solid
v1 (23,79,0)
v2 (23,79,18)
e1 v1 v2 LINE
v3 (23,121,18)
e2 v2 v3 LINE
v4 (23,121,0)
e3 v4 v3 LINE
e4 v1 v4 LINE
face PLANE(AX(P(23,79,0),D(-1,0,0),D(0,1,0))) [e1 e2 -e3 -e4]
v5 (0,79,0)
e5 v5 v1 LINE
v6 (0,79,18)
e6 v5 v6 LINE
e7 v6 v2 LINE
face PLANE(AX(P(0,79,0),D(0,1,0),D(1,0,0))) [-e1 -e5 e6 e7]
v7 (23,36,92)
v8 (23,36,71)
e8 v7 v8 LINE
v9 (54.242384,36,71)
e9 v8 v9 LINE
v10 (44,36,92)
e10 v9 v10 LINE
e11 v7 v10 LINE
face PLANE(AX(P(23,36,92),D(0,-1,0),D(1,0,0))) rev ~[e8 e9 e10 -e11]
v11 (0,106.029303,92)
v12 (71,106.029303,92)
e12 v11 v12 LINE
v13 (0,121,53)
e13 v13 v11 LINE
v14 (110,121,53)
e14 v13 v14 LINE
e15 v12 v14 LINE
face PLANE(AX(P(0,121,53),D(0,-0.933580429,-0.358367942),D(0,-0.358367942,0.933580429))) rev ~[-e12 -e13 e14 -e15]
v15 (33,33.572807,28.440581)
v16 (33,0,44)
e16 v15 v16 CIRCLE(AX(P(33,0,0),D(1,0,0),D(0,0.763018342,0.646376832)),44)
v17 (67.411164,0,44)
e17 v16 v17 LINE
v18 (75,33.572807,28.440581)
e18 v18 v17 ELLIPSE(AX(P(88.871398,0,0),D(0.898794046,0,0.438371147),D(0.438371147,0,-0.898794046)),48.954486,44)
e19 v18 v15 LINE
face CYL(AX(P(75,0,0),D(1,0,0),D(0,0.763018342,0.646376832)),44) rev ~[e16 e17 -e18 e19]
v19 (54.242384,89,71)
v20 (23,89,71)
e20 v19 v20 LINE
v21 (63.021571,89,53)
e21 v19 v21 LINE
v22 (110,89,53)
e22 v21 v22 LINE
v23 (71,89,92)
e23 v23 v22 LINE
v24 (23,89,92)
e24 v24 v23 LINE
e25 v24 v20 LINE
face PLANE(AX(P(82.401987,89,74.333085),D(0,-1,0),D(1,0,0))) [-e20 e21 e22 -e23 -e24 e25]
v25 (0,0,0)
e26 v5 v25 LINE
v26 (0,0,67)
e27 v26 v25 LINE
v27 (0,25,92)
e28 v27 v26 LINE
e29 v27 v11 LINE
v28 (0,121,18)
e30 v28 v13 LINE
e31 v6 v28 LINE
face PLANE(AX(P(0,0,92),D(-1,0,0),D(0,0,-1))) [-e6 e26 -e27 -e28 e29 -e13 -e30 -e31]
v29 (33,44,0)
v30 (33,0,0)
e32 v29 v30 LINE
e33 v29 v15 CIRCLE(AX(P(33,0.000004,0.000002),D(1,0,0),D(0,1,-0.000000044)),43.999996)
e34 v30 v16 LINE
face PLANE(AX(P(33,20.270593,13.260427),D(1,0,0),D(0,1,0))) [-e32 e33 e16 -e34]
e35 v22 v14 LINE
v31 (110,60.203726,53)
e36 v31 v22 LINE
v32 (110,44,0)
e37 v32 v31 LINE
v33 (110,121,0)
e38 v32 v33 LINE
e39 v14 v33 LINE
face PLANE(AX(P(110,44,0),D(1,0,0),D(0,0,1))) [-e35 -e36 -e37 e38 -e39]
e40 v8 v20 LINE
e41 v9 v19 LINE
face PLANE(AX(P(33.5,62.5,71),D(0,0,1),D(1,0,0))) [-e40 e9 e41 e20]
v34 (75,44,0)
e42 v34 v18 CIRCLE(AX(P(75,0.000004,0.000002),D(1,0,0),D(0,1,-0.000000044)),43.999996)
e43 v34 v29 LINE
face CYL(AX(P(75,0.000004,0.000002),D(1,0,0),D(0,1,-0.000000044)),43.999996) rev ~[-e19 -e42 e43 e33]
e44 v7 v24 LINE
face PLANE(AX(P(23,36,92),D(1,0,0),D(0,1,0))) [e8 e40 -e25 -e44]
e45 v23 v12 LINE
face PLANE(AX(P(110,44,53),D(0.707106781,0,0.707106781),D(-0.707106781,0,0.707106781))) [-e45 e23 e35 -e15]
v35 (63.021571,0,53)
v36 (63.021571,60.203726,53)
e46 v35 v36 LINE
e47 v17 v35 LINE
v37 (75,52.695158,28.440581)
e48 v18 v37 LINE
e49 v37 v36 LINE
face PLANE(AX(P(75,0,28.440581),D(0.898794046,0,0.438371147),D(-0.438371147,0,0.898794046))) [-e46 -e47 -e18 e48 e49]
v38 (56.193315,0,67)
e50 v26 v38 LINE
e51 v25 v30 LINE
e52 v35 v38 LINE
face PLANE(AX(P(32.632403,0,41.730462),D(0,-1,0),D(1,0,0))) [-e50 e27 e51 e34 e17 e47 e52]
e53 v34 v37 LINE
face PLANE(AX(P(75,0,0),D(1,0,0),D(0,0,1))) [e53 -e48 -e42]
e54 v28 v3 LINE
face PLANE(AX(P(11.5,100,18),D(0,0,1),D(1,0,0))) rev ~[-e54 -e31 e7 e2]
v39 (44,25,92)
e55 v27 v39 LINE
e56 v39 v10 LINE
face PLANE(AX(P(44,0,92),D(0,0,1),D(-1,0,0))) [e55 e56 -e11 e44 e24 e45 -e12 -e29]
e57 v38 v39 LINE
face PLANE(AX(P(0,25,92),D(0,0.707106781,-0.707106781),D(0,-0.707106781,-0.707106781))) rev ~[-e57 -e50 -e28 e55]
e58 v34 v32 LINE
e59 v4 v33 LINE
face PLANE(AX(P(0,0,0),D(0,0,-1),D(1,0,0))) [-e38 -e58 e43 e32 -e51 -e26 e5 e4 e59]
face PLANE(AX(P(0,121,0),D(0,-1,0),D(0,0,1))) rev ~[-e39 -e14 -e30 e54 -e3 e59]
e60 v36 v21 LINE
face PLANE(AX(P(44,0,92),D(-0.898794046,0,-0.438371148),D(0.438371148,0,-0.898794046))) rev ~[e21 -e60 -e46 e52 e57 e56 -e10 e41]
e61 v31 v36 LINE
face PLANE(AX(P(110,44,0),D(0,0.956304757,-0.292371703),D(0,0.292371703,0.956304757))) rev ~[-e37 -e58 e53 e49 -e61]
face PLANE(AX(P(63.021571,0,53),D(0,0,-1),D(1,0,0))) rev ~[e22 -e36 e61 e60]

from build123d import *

# Parameters (mm, degrees)
F3_DEPTH  = 172
F4_DEPTH  = 150
F7_DEPTH  = 111
F8_DEPTH  = 163
F10_DEPTH = 42
F11_DEPTH = 89
F14_DEPTH = 110
F17_W     = 21
F17_H     = 53
F18_DEPTH = 21
F1_W      = 23
F1_H      = 42
F19_DEPTH = 18


with BuildPart() as f3:
    # F0 (on Front) → F3 (new body)
    with BuildSketch(Plane.XZ):
        Polygon((0, 92), (0, 0), (75, 0), (75, 28.440581), (63.021571, 53), (44, 92), align=None)
    extrude(amount=-F3_DEPTH)

    # F2 (on Right) → F4 (intersect)
    with BuildSketch(Plane.YZ):
        Polygon((0, 67), (0, 0), (121, 0), (121, 53), (106.029303, 92), (25, 92), align=None)
    extrude(amount=F4_DEPTH, mode=Mode.INTERSECT)


with BuildPart() as f7:
    # F6 (on offset) → F7 (new body)
    with BuildSketch(Plane.XZ.offset(-44)):
        Polygon((0, 92), (0, 0), (110, 0), (110, 53), (71, 92), align=None)
    extrude(amount=-F7_DEPTH)


with BuildPart() as f8_tool:
    # F2 (on Right) → F8 (new body)
    with BuildSketch(Plane.YZ):
        Polygon((0, 67), (0, 0), (121, 0), (121, 53), (106.029303, 92), (25, 92), align=None)
    extrude(amount=F8_DEPTH)


with BuildPart() as f3_1:
    add(f3.part)

    # F8: intersect by f8_tool
    add(f8_tool.part, mode=Mode.INTERSECT)

    # F9 (on face) → F10 (cut)
    with BuildSketch(Plane.YZ.offset(75)):
        with BuildLine():
            Line((0, 0), (44, 0))
            ThreePointArc((44, 0), (41.311037, 15.145899), (33.572807, 28.440581))
            Line((33.572807, 28.440581), (0, 28.440581))
            Line((0, 28.440581), (0, 0))
        make_face()
        with BuildLine():
            ThreePointArc((33.572807, 28.440581), (-41.311037, -15.145899), (44, 0))
            Line((44, 0), (0, 0))
            Line((0, 0), (0, 28.440581))
            Line((0, 28.440581), (33.572807, 28.440581))
        make_face()
    extrude(amount=-F10_DEPTH, mode=Mode.SUBTRACT)


with BuildPart() as f7_1:
    add(f7.part)

    # F8: intersect by f8_tool
    add(f8_tool.part, mode=Mode.INTERSECT)


with BuildPart() as f11:
    # F0 (on Front) → F11 (new body)
    with BuildSketch(Plane.XZ):
        Polygon((113.488927, 92), (44, 92), (63.021571, 53), (113.488927, 53), align=None)
    extrude(amount=-F11_DEPTH)


with BuildPart() as f7_2:
    add(f7_1.part)

    # F12: cut F11
    add(f11.part, mode=Mode.SUBTRACT)


with BuildPart() as f14:
    # F13 (on face) → F14 (new body)
    with BuildSketch(Plane.YZ.offset(110)):
        Polygon((44, 53), (44, 0), (60.203726, 53), align=None)
    extrude(amount=-F14_DEPTH)


with BuildPart() as f7_3:
    add(f7_2.part)

    # F15: cut F14
    add(f14.part, mode=Mode.SUBTRACT)


with BuildPart() as f3_2:
    add(f3_1.part)

    # F16: union F7
    add(f7_3.part)

    # F17 (on face) → F18 (cut)
    with BuildSketch(Plane.XY.offset(92)):
        with Locations((33.5, 62.5)):
            Rectangle(F17_W, F17_H)
        Polygon((71, 89), (44, 89), (44, 36), (84.379675, 36), (84.379675, 89), align=None)
    extrude(amount=-F18_DEPTH, mode=Mode.SUBTRACT)

    # F1 (on Top) → F19 (cut)
    with BuildSketch(Plane.XY):
        with Locations((11.5, 100)):
            Rectangle(F1_W, F1_H)
    extrude(amount=F19_DEPTH, mode=Mode.SUBTRACT)


solid = f3_2.part
